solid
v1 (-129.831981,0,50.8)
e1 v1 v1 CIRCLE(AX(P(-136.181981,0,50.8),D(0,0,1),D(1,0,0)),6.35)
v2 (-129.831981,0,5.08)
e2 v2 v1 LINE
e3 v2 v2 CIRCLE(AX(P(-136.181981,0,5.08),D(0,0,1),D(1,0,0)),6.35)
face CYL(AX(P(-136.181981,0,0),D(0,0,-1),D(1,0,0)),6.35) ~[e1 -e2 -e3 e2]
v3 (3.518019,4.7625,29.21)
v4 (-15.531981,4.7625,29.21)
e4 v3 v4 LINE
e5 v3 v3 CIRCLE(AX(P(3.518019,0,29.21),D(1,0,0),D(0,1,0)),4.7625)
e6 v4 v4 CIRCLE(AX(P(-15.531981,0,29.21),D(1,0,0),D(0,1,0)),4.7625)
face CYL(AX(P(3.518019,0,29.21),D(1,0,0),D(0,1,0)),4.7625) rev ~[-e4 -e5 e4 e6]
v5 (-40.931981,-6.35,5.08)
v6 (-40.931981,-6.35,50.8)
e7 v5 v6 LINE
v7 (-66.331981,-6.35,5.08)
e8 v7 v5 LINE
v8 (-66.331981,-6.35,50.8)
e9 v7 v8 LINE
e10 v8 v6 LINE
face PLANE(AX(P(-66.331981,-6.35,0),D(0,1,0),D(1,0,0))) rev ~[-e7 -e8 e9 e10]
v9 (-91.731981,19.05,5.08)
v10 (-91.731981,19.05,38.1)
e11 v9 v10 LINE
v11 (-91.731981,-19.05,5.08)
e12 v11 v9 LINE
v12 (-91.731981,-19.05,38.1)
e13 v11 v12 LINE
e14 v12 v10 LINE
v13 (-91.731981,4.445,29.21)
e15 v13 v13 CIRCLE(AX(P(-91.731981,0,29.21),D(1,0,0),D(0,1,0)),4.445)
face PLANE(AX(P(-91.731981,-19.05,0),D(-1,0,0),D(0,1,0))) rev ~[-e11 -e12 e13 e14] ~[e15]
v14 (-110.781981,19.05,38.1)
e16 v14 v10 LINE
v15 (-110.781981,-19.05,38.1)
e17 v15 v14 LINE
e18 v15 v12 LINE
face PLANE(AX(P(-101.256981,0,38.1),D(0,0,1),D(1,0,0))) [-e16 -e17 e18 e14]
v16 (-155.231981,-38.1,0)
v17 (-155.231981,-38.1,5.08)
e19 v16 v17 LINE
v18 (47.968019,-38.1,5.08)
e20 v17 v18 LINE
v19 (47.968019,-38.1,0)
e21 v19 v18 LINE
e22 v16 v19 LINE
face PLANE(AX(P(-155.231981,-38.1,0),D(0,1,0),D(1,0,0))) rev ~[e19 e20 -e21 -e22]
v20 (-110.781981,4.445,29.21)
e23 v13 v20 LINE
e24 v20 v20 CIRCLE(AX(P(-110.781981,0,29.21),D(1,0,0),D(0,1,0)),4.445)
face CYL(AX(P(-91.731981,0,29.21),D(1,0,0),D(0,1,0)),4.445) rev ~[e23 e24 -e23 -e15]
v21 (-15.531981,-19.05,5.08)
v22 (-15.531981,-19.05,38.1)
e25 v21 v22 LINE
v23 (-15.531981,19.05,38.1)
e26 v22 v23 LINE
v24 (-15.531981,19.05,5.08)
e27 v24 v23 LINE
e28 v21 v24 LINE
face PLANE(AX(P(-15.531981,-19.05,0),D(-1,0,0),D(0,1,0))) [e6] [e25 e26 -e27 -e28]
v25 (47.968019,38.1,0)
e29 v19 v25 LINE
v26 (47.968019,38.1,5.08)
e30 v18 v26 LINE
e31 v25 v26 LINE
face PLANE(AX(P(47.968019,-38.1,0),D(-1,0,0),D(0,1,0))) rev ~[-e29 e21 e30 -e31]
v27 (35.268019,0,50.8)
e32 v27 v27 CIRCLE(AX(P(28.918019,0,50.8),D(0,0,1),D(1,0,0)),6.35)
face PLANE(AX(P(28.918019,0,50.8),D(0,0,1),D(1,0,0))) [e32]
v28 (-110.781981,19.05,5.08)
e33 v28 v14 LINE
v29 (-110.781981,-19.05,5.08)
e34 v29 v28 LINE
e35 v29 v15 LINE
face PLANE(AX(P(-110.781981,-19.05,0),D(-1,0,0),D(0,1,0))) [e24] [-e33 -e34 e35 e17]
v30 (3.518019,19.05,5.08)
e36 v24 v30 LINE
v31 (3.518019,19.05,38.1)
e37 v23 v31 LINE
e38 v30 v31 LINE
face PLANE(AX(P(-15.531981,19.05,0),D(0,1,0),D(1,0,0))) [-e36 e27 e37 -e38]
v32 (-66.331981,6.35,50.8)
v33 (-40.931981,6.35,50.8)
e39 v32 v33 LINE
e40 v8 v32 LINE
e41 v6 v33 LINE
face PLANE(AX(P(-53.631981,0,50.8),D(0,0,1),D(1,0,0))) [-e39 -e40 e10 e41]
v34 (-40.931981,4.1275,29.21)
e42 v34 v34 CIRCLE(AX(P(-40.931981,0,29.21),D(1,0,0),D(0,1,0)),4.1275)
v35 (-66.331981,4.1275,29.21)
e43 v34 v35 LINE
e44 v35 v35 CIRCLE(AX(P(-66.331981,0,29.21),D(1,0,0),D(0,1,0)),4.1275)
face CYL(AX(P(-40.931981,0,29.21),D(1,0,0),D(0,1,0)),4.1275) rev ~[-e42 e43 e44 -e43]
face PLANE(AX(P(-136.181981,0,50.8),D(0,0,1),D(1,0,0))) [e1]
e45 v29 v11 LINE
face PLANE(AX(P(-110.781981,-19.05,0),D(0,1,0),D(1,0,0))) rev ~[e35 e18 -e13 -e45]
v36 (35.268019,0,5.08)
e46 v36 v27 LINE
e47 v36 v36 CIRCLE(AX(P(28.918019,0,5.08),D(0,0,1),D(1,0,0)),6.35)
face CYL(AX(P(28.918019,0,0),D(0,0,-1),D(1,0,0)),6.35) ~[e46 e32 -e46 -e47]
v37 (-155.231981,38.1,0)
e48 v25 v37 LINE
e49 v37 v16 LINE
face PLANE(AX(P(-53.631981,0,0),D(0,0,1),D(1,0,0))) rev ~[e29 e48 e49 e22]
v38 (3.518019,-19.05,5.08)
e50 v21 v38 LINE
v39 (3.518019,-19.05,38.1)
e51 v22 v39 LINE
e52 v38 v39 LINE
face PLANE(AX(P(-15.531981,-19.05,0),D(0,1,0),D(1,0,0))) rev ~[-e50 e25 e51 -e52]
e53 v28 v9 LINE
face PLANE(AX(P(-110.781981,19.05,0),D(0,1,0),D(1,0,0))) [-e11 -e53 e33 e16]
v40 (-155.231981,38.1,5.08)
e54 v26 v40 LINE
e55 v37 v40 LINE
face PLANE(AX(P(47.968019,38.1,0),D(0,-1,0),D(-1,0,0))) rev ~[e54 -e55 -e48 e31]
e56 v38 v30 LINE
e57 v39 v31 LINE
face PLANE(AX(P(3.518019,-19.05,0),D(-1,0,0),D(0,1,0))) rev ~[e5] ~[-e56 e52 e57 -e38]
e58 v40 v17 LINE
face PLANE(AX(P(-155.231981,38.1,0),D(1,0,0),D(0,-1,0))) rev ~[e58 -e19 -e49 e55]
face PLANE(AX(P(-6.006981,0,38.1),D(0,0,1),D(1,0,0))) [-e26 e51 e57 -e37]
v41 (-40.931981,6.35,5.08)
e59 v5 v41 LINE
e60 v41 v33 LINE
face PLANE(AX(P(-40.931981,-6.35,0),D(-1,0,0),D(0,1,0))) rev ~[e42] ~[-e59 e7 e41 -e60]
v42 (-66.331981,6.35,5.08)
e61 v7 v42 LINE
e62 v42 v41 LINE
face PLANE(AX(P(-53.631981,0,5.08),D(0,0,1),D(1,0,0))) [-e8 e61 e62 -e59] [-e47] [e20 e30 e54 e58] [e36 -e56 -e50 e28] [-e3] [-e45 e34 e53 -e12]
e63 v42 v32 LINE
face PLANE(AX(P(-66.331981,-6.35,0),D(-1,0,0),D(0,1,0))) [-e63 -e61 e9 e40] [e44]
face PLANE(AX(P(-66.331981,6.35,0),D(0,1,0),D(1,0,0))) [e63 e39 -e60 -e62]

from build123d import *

# Parameters (mm, degrees)
F0_W     = 25.4
F0_H     = 12.7
F1_DEPTH = 50.8
F0_R     = 6.35
F0_W_2   = 19.05
F0_H_2   = 38.1
F2_DEPTH = 38.1
F3_DEPTH = 5.08
F5_DEPTH = 25.4
F6_R     = 4.1275
F7_DEPTH = 25.4
F8_R     = 4.445
F9_DEPTH = 25.4


with BuildPart() as f1:
    # F0 (on Top) → F1 (new body)
    with BuildSketch(Plane.XY):
        with Locations((-53.6319812462, 0)):
            Rectangle(F0_W, F0_H)
    extrude(amount=F1_DEPTH)



with BuildPart() as f1b:
    # F0 (on Top) → F1, piece 2 (new body)
    with BuildSketch(Plane.XY):
        with Locations((28.9180187538, 0)):
            Circle(F0_R)
    extrude(amount=F1_DEPTH)


with BuildPart() as f1c:
    # F0 (on Top) → F1, piece 3 (new body)
    with BuildSketch(Plane.XY):
        with Locations((-136.1819812462, 0)):
            Circle(F0_R)
    extrude(amount=F1_DEPTH)


with BuildPart() as f2:
    # F0 (on Top) → F2 (new body)
    with BuildSketch(Plane.XY):
        with Locations((-101.2569812462, 0)):
            Rectangle(F0_W_2, F0_H_2)
    extrude(amount=F2_DEPTH)


with BuildPart() as f2b:
    # F0 (on Top) → F2, piece 2 (new body)
    with BuildSketch(Plane.XY):
        with Locations((-6.0069812462, 0)):
            Rectangle(F0_W_2, F0_H_2)
    extrude(amount=F2_DEPTH)


with BuildPart() as f1_1:
    add(f1.part)

    add(f1b.part)  # F3 merges F1b

    add(f1c.part)  # F3 merges F1c

    add(f2.part)  # F3 merges F2

    add(f2b.part)  # F3 merges F2b
    # F0 (on Top) → F3 (join)
    with BuildSketch(Plane.XY):
        Polygon((47.9680187538, 38.1), (-155.2319812462, 38.1), (-155.2319812462, -38.1), (47.9680187538, -38.1), (47.9680187538, 0), align=None)
        with Locations((-136.1819812462, 0)):
            Circle(F0_R, mode=Mode.SUBTRACT)
        with Locations((-101.2569812462, 0)):
            Rectangle(F0_W_2, F0_H_2, mode=Mode.SUBTRACT)
        with Locations((-53.6319812462, 0)):
            Rectangle(F0_W, F0_H, mode=Mode.SUBTRACT)
        with Locations((-6.0069812462, 0)):
            Rectangle(F0_W_2, F0_H_2, mode=Mode.SUBTRACT)
        with Locations((28.9180187538, 0)):
            Circle(F0_R, mode=Mode.SUBTRACT)
    extrude(amount=F3_DEPTH)

    # F4 (on face) → F5 (cut)
    with BuildSketch(Plane.YZ.offset(3.5180187538)):
        with BuildLine():
            ThreePointArc((0, 33.9725), (-3.3675960454, 25.8424039546), (4.7625, 29.21))
            ThreePointArc((4.7625, 29.21), (3.3675960454, 32.5775960454), (0, 33.9725))
        make_face()
    extrude(amount=-F5_DEPTH, mode=Mode.SUBTRACT)

    # F6 (on face) → F7 (cut)
    with BuildSketch(Plane.YZ.offset(-40.9319812462)):
        with Locations((0, 29.21)):
            Circle(F6_R)
    extrude(amount=-F7_DEPTH, mode=Mode.SUBTRACT)

    # F8 (on face) → F9 (cut)
    with BuildSketch(Plane.YZ.offset(-91.7319812462)):
        with Locations((0, 29.21)):
            Circle(F8_R)
    extrude(amount=-F9_DEPTH, mode=Mode.SUBTRACT)


solid = f1_1.part
